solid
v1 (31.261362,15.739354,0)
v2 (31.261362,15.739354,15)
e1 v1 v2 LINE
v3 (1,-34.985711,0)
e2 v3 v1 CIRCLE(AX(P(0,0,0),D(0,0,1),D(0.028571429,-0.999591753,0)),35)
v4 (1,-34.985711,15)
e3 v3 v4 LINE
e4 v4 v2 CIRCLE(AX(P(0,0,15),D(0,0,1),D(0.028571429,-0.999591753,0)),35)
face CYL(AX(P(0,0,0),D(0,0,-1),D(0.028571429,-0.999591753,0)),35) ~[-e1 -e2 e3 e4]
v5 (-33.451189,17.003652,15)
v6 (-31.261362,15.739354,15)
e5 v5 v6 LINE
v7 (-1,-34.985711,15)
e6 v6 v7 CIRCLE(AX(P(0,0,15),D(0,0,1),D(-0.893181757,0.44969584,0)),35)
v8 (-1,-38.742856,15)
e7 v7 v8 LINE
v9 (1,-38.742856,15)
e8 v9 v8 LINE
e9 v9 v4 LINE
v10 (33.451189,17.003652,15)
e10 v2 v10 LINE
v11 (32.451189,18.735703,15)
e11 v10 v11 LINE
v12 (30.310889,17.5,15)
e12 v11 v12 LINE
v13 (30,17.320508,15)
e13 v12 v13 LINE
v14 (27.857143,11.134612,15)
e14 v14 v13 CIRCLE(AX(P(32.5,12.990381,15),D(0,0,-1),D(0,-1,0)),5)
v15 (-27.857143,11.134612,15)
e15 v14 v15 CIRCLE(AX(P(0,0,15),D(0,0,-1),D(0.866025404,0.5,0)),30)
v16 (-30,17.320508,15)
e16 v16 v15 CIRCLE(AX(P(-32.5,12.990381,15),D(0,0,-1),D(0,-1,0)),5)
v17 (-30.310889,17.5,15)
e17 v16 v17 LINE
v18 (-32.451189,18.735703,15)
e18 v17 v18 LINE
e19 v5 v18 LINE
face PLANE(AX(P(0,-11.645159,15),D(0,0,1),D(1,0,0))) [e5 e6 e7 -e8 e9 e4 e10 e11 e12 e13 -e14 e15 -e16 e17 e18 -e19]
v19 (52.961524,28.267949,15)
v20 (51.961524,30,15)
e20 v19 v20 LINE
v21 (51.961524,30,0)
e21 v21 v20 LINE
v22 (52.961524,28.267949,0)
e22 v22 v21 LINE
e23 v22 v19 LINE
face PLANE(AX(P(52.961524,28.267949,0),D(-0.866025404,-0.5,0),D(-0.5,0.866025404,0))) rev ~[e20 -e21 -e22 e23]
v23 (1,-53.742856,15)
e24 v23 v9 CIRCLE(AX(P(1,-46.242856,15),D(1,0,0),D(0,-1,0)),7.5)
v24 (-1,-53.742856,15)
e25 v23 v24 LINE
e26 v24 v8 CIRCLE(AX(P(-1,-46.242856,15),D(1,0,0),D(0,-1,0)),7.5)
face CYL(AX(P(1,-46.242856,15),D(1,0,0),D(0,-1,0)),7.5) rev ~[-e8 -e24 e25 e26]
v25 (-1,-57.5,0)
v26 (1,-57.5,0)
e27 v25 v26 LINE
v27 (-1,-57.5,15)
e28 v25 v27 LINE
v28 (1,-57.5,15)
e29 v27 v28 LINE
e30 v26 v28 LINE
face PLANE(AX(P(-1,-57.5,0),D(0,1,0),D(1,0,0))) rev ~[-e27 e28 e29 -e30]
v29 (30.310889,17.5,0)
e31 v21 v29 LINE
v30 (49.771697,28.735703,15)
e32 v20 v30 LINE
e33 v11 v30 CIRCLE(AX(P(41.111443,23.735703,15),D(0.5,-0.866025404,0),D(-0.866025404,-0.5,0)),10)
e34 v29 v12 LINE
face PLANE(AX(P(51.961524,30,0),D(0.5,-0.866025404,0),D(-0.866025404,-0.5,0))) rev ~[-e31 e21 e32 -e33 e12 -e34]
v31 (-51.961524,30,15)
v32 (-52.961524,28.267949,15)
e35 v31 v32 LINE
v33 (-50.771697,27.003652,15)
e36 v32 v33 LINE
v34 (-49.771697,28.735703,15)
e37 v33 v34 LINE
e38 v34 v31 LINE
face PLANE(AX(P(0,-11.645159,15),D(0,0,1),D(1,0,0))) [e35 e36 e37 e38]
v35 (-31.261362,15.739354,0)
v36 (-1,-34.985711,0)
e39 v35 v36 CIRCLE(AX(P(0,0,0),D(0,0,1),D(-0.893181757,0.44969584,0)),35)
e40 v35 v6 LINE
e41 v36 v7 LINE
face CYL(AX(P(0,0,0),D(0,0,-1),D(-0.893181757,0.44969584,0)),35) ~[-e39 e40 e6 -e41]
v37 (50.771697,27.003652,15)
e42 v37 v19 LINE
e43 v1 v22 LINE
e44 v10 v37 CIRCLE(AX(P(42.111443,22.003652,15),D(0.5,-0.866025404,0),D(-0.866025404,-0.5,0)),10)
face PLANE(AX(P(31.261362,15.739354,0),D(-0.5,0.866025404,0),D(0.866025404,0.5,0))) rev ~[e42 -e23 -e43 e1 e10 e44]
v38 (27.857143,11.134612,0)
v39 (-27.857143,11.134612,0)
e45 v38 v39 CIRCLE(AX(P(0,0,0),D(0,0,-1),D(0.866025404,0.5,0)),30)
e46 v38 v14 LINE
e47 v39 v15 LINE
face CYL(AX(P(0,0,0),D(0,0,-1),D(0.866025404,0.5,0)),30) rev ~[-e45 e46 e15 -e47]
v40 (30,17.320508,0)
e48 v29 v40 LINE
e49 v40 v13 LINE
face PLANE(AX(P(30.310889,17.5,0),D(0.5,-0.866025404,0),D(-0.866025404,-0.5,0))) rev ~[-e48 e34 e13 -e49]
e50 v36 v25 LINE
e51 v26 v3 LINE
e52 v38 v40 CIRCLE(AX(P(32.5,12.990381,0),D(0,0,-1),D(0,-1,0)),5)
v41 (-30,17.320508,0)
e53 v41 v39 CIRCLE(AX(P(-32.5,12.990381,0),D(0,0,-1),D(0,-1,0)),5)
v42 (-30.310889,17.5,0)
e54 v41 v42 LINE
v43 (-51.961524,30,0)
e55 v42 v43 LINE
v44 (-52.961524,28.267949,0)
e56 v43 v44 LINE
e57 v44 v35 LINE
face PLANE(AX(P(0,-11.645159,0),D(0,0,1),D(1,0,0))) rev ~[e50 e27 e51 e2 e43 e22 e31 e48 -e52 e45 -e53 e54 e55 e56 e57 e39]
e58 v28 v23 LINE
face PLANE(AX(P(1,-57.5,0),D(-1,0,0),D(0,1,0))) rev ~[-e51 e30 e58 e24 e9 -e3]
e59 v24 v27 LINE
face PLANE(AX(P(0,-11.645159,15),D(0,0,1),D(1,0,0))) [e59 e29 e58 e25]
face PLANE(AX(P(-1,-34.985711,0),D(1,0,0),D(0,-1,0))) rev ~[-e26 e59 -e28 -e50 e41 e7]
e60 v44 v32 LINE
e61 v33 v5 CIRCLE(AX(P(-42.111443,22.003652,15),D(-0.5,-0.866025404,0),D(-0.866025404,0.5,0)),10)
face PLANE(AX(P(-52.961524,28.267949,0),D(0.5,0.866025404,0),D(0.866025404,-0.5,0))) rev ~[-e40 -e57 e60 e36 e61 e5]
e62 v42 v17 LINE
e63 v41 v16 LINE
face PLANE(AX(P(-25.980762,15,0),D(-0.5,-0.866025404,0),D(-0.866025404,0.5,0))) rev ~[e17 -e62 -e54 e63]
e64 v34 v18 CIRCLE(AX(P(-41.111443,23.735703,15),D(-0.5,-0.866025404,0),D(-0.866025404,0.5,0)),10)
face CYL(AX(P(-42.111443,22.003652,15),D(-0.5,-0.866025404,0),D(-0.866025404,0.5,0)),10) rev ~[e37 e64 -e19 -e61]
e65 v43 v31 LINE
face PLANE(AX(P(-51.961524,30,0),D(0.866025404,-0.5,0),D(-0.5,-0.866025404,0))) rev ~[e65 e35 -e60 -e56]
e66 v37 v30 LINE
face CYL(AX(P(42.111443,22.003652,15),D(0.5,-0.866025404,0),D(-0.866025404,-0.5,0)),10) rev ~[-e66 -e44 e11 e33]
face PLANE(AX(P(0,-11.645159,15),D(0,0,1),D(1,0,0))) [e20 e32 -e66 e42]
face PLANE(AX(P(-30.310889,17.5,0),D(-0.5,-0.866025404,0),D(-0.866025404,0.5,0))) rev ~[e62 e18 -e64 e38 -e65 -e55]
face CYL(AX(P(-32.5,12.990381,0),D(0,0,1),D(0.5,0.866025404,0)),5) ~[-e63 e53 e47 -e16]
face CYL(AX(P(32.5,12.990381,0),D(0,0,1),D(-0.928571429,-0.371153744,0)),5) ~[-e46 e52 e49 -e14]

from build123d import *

# Parameters (mm, degrees)
F1_DEPTH = 15
F3_DEPTH = 54.4625242271
F5_DEPTH = 54.4625242271
F7_DEPTH = 53.9625242271
F8_R     = 5


with BuildPart() as f1:
    # F0 (on Top) → F1 (new body)
    with BuildSketch(Plane.XY):
        with BuildLine():
            Line((-25.9807621135, 15), (-30.3108891325, 17.5))
            ThreePointArc((-30.3108891325, 17.5), (-30.7987090687, 16.6264704522), (-31.2613615027, 15.7393544021))
            ThreePointArc((-31.2613615027, 15.7393544021), (-30.057560378, -17.9316219045), (-1, -34.9857113691))
            Line((-1, -34.9857113691), (-1, -32.5))
            Line((-1, -32.5), (1, -32.5))
            Line((1, -32.5), (1, -34.9857113691))
            ThreePointArc((1, -34.9857113691), (30.057560378, -17.9316219045), (31.2613615027, 15.7393544021))
            ThreePointArc((31.2613615027, 15.7393544021), (30.7987090687, 16.6264704522), (30.3108891325, 17.5))
            Line((30.3108891325, 17.5), (25.9807621135, 15))
            ThreePointArc((25.9807621135, 15), (0, -30), (-25.9807621135, 15))
        make_face()
        with BuildLine():
            ThreePointArc((-31.2613615027, 15.7393544021), (-30.7987090687, 16.6264704522), (-30.3108891325, 17.5))
            Line((-30.3108891325, 17.5), (-51.9615242271, 30))
            Line((-51.9615242271, 30), (-52.9615242271, 28.2679491924))
            Line((-52.9615242271, 28.2679491924), (-31.2613615027, 15.7393544021))
        make_face()
        with BuildLine():
            Line((-1, -32.5), (-1, -34.9857113691))
            ThreePointArc((-1, -34.9857113691), (0, -35), (1, -34.9857113691))
            Line((1, -34.9857113691), (1, -32.5))
            Line((1, -32.5), (-1, -32.5))
        make_face()
        with BuildLine():
            ThreePointArc((1, -34.9857113691), (0, -35), (-1, -34.9857113691))
            Line((-1, -34.9857113691), (-1, -57.5))
            Line((-1, -57.5), (1, -57.5))
            Line((1, -57.5), (1, -34.9857113691))
        make_face()
        with BuildLine():
            Line((51.9615242271, 30), (30.3108891325, 17.5))
            ThreePointArc((30.3108891325, 17.5), (30.7987090687, 16.6264704522), (31.2613615027, 15.7393544021))
            Line((31.2613615027, 15.7393544021), (52.9615242271, 28.2679491924))
            Line((52.9615242271, 28.2679491924), (51.9615242271, 30))
        make_face()
    extrude(amount=F1_DEPTH)

    # F2 (on face) → F3 (cut, through all)
    with BuildSketch(Plane(origin=(-1, -1.7320508076, 0), x_dir=(0.8660254038, -0.5, 0), z_dir=(-0.5, -0.8660254038, 0))):
        with BuildLine():
            Line((-37.4714052097, 15), (-57.4714052097, 15))
            ThreePointArc((-57.4714052097, 15), (-47.4714052097, 5), (-37.4714052097, 15))
        make_face()
    extrude(amount=-F3_DEPTH, mode=Mode.SUBTRACT)

    # F4 (on face) → F5 (cut, through all)
    with BuildSketch(Plane(origin=(1, -1.7320508076, 0), x_dir=(0.8660254038, 0.5, 0), z_dir=(0.5, -0.8660254038, 0))):
        with BuildLine():
            Line((57.4714052097, 15), (37.4714052097, 15))
            ThreePointArc((37.4714052097, 15), (47.4714052097, 5), (57.4714052097, 15))
        make_face()
    extrude(amount=-F5_DEPTH, mode=Mode.SUBTRACT)

    # F6 (on face) → F7 (cut, through all)
    with BuildSketch(Plane.YZ.offset(1)):
        with BuildLine():
            Line((-38.7428556845, 15), (-53.7428556845, 15))
            ThreePointArc((-53.7428556845, 15), (-46.2428556845, 7.5), (-38.7428556845, 15))
        make_face()
    extrude(amount=-F7_DEPTH, mode=Mode.SUBTRACT)

    # F8
    f8_edges = [f1.edges().sort_by_distance(p)[0] for p in [
        (-25.980762, 15, 7.5),
        (25.980762, 15, 7.5),
    ]]
    fillet(f8_edges, radius=F8_R)


solid = f1.part
